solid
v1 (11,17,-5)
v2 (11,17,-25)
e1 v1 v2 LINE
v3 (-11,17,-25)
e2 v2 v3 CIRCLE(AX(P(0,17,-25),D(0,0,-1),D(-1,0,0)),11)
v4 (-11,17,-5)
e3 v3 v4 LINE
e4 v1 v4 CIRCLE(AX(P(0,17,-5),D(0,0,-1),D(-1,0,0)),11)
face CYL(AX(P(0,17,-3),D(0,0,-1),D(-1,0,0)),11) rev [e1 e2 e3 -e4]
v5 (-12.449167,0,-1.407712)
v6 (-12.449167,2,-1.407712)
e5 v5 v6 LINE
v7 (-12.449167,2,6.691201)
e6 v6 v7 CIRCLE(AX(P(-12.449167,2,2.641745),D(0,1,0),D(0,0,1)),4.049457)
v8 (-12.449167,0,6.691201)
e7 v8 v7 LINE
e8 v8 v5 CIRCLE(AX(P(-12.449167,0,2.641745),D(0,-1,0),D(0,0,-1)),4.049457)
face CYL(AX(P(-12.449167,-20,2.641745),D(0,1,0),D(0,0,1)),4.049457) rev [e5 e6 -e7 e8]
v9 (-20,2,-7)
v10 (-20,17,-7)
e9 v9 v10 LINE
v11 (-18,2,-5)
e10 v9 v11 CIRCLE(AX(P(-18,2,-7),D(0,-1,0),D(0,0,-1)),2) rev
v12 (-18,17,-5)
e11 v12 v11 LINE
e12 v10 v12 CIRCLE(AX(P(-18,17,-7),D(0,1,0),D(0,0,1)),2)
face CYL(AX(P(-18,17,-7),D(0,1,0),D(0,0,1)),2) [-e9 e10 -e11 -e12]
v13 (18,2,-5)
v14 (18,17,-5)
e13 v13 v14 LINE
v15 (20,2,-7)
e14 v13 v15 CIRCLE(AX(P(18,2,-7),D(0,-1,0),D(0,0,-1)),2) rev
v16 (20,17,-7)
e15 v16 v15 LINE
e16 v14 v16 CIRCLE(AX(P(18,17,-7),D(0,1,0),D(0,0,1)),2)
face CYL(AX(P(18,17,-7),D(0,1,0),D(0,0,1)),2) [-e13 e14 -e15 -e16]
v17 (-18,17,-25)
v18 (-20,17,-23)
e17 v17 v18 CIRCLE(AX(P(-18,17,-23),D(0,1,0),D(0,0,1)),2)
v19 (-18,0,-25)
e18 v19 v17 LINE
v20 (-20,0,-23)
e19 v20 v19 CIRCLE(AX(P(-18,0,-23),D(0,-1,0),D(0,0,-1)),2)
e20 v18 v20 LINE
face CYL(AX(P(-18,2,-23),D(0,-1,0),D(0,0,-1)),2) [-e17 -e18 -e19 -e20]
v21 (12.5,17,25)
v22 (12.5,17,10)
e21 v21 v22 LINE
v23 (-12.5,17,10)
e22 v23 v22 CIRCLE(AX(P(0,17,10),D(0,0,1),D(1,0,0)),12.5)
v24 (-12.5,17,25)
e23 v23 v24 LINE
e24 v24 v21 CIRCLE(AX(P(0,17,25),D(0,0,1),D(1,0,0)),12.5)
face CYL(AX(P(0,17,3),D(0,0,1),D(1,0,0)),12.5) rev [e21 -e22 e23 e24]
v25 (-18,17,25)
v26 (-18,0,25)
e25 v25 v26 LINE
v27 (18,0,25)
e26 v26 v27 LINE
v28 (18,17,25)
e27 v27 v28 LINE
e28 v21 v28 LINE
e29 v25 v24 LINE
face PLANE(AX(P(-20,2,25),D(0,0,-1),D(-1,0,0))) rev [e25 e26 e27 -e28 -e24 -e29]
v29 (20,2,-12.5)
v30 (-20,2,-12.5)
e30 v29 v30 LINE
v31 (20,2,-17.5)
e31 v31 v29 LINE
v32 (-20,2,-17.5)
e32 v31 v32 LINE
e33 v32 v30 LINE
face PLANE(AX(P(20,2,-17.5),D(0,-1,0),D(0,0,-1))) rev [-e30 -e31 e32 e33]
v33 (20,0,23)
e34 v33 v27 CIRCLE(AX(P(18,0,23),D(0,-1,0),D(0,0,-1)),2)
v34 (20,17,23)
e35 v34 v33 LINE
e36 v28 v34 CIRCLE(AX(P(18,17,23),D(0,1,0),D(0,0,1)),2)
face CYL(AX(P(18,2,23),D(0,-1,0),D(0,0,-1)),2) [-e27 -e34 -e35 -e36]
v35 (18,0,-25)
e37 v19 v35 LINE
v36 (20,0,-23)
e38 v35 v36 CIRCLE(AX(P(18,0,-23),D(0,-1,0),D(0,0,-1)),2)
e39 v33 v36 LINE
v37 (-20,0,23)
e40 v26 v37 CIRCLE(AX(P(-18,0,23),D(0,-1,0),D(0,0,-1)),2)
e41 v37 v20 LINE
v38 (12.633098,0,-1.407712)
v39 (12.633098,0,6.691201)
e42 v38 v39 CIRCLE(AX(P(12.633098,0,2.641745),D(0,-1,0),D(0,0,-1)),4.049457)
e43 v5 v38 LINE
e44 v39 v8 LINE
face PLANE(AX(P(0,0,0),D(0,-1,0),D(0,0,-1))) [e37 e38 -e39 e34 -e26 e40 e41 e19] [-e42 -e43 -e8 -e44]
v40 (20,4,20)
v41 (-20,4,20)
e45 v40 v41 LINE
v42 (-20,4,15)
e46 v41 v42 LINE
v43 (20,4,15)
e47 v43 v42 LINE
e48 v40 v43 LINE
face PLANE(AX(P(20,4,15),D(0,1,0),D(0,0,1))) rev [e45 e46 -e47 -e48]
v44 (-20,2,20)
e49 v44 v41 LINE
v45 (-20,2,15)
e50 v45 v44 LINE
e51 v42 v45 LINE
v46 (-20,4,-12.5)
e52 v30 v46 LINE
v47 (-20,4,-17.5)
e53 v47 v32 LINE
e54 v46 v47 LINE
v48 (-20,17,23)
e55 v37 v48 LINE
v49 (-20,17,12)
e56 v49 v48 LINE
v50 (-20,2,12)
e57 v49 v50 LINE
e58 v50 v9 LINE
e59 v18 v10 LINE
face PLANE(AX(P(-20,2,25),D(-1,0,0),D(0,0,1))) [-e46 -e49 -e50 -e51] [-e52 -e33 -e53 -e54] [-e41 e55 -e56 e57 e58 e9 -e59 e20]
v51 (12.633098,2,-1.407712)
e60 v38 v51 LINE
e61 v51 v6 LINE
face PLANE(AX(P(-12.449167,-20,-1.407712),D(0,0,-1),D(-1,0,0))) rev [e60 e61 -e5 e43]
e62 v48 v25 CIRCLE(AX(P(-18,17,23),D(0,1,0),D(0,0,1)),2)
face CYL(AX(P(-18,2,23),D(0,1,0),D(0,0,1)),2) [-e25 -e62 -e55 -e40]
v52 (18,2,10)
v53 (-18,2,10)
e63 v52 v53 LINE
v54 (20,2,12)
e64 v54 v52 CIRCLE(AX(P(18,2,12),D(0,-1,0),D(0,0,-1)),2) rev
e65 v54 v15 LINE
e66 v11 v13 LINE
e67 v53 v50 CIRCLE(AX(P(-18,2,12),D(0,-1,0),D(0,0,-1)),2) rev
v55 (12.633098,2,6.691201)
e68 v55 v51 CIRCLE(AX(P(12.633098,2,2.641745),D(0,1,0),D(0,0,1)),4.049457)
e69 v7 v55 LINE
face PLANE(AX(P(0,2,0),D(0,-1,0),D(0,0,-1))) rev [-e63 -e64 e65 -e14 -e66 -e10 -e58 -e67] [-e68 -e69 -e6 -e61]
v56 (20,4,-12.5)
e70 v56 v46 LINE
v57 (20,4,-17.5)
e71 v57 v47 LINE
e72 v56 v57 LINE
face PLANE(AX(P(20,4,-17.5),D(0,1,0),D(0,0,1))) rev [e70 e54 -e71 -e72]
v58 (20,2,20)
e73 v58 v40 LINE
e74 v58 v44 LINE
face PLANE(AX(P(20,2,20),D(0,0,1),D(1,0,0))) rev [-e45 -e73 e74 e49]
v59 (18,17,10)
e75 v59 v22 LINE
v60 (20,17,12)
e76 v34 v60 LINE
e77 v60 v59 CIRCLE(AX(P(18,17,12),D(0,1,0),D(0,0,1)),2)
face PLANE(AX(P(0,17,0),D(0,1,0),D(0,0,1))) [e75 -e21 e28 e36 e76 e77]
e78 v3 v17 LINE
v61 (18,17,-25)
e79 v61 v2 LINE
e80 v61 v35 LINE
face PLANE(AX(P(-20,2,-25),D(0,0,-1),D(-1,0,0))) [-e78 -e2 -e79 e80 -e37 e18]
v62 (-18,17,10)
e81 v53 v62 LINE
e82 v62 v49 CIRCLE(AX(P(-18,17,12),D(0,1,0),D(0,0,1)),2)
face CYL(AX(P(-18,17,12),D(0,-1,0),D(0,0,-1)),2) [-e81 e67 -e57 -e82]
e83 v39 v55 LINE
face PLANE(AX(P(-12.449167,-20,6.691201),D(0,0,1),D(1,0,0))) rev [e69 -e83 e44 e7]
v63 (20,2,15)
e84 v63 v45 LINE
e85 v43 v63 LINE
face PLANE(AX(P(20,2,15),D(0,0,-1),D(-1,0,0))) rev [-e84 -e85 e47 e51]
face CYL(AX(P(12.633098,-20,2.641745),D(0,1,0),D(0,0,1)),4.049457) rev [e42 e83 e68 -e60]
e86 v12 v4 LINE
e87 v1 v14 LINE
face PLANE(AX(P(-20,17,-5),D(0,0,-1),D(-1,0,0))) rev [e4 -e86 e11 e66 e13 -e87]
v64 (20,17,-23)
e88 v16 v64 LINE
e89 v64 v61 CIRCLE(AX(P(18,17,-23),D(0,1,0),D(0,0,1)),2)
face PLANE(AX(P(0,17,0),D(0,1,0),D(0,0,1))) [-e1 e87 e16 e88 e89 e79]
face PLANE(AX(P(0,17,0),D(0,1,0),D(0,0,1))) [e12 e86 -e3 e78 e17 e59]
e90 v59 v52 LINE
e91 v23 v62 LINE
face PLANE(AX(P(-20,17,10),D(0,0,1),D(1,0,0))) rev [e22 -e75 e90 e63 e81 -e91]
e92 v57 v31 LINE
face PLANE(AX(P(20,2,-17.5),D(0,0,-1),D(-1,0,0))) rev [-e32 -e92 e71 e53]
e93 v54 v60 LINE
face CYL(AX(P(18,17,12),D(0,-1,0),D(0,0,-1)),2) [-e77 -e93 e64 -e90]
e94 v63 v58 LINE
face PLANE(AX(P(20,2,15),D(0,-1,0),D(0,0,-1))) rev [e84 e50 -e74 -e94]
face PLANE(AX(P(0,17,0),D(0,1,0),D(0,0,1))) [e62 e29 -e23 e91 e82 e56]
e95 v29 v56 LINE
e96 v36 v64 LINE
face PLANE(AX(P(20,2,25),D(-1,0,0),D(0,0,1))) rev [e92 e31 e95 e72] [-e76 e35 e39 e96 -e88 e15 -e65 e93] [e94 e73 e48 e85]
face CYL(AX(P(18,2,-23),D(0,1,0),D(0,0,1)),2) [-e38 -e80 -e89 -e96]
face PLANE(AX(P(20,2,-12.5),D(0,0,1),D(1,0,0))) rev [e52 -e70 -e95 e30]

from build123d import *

# Parameters (mm, degrees)
ESBO_O1_W                = 40
ESBO_O1_H                = 50
RESSALTO_EXTRUS_O1_DEPTH = 2
ESBO_O2_W                = 40
ESBO_O2_H                = 20
ESBO_O2_H_2              = 15
RESSALTO_EXTRUS_O2_DEPTH = 15
ESBO_O3_R                = 12.5
CORTE_EXTRUS_O1_DEPTH    = 22
ESBO_O4_R                = 11
CORTE_EXTRUS_O2_DEPTH    = 22
CORTE_EXTRUS_O3_DEPTH    = 22
ESBO_O6_W                = 5
ESBO_O6_H                = 2
CORTE_EXTRUS_O4_DEPTH    = 51.139804547
FILETE1_R                = 2
FILETE2_R                = 2
FILETE3_R                = 2
FILETE4_R                = 2
FILETE5_R                = 2
FILETE6_R                = 2
FILETE7_R                = 2
FILETE8_R                = 2


with BuildPart() as part:
    # Esboço1 → Ressalto-extrusão1 (new body)
    with BuildSketch(Plane(origin=(0, 0, 0), x_dir=(1, 0, 0), z_dir=(0, 1, 0))):
        Rectangle(ESBO_O1_W, ESBO_O1_H)
    extrude(amount=RESSALTO_EXTRUS_O1_DEPTH)

    # Esboço2 → Ressalto-extrusão2 (add)
    with BuildSketch(Plane(origin=(0, 2, 0), x_dir=(1, 0, 0), z_dir=(0, 1, 0))):
        with Locations((0, 15)):
            Rectangle(ESBO_O2_W, ESBO_O2_H)
        with Locations((0, -17.5)):
            Rectangle(ESBO_O2_W, ESBO_O2_H_2)
    extrude(amount=RESSALTO_EXTRUS_O2_DEPTH)

    # Esboço3 → Corte-extrusão1 (cut)
    with BuildSketch(Plane.XY.offset(25)):
        with Locations((0, 17)):
            Circle(ESBO_O3_R)
    extrude(amount=-CORTE_EXTRUS_O1_DEPTH, mode=Mode.SUBTRACT)

    # Esboço4 → Corte-extrusão2 (cut)
    with BuildSketch(Plane(origin=(0, 0, -25), x_dir=(-1, 0, 0), z_dir=(0, 0, -1))):
        with Locations((0, 17)):
            Circle(ESBO_O4_R)
    extrude(amount=-CORTE_EXTRUS_O2_DEPTH, mode=Mode.SUBTRACT)

    # Esboço5 → Corte-extrusão3 (cut)
    with BuildSketch(Plane(origin=(0, 2, 0), x_dir=(1, 0, 0), z_dir=(0, 1, 0))):
        with BuildLine():
            Line((-12.449166755, 1.40771236), (12.633097958, 1.40771236))
            ThreePointArc((12.633097958, 1.40771236), (16.682554855, -2.641744537), (12.633097958, -6.691201435))
            Line((12.633097958, -6.691201435), (-12.449166755, -6.691201435))
            ThreePointArc((-12.449166755, -6.691201435), (-16.498623653, -2.641744537), (-12.449166755, 1.40771236))
        make_face()
    extrude(amount=-CORTE_EXTRUS_O3_DEPTH, mode=Mode.SUBTRACT)

    # Esboço6 → Corte-extrusão4 (cut, through all)
    with BuildSketch(Plane.ZY.offset(20)):
        with Locations((-15, 3)):
            Rectangle(ESBO_O6_W, ESBO_O6_H)
        with Locations((17.5, 3)):
            Rectangle(ESBO_O6_W, ESBO_O6_H)
    extrude(amount=-CORTE_EXTRUS_O4_DEPTH, mode=Mode.SUBTRACT)

    # Filete1
    filete1_edges = [part.edges().sort_by_distance(p)[0] for p in [
        (-20, 9.5, 10),
    ]]
    fillet(filete1_edges, radius=FILETE1_R)

    # Filete2
    filete2_edges = [part.edges().sort_by_distance(p)[0] for p in [
        (-20, 9.5, -5),
    ]]
    fillet(filete2_edges, radius=FILETE2_R)

    # Filete3
    filete3_edges = [part.edges().sort_by_distance(p)[0] for p in [
        (-20, 8.5, 25),
    ]]
    fillet(filete3_edges, radius=FILETE3_R)

    # Filete4
    filete4_edges = [part.edges().sort_by_distance(p)[0] for p in [
        (-20, 8.5, -25),
    ]]
    fillet(filete4_edges, radius=FILETE4_R)

    # Filete5
    filete5_edges = [part.edges().sort_by_distance(p)[0] for p in [
        (20, 8.5, -25),
    ]]
    fillet(filete5_edges, radius=FILETE5_R)

    # Filete6
    filete6_edges = [part.edges().sort_by_distance(p)[0] for p in [
        (20, 9.5, 10),
    ]]
    fillet(filete6_edges, radius=FILETE6_R)

    # Filete7
    filete7_edges = [part.edges().sort_by_distance(p)[0] for p in [
        (20, 9.5, -5),
    ]]
    fillet(filete7_edges, radius=FILETE7_R)

    # Filete8
    filete8_edges = [part.edges().sort_by_distance(p)[0] for p in [
        (20, 8.5, 25),
    ]]
    fillet(filete8_edges, radius=FILETE8_R)


solid = part.part
